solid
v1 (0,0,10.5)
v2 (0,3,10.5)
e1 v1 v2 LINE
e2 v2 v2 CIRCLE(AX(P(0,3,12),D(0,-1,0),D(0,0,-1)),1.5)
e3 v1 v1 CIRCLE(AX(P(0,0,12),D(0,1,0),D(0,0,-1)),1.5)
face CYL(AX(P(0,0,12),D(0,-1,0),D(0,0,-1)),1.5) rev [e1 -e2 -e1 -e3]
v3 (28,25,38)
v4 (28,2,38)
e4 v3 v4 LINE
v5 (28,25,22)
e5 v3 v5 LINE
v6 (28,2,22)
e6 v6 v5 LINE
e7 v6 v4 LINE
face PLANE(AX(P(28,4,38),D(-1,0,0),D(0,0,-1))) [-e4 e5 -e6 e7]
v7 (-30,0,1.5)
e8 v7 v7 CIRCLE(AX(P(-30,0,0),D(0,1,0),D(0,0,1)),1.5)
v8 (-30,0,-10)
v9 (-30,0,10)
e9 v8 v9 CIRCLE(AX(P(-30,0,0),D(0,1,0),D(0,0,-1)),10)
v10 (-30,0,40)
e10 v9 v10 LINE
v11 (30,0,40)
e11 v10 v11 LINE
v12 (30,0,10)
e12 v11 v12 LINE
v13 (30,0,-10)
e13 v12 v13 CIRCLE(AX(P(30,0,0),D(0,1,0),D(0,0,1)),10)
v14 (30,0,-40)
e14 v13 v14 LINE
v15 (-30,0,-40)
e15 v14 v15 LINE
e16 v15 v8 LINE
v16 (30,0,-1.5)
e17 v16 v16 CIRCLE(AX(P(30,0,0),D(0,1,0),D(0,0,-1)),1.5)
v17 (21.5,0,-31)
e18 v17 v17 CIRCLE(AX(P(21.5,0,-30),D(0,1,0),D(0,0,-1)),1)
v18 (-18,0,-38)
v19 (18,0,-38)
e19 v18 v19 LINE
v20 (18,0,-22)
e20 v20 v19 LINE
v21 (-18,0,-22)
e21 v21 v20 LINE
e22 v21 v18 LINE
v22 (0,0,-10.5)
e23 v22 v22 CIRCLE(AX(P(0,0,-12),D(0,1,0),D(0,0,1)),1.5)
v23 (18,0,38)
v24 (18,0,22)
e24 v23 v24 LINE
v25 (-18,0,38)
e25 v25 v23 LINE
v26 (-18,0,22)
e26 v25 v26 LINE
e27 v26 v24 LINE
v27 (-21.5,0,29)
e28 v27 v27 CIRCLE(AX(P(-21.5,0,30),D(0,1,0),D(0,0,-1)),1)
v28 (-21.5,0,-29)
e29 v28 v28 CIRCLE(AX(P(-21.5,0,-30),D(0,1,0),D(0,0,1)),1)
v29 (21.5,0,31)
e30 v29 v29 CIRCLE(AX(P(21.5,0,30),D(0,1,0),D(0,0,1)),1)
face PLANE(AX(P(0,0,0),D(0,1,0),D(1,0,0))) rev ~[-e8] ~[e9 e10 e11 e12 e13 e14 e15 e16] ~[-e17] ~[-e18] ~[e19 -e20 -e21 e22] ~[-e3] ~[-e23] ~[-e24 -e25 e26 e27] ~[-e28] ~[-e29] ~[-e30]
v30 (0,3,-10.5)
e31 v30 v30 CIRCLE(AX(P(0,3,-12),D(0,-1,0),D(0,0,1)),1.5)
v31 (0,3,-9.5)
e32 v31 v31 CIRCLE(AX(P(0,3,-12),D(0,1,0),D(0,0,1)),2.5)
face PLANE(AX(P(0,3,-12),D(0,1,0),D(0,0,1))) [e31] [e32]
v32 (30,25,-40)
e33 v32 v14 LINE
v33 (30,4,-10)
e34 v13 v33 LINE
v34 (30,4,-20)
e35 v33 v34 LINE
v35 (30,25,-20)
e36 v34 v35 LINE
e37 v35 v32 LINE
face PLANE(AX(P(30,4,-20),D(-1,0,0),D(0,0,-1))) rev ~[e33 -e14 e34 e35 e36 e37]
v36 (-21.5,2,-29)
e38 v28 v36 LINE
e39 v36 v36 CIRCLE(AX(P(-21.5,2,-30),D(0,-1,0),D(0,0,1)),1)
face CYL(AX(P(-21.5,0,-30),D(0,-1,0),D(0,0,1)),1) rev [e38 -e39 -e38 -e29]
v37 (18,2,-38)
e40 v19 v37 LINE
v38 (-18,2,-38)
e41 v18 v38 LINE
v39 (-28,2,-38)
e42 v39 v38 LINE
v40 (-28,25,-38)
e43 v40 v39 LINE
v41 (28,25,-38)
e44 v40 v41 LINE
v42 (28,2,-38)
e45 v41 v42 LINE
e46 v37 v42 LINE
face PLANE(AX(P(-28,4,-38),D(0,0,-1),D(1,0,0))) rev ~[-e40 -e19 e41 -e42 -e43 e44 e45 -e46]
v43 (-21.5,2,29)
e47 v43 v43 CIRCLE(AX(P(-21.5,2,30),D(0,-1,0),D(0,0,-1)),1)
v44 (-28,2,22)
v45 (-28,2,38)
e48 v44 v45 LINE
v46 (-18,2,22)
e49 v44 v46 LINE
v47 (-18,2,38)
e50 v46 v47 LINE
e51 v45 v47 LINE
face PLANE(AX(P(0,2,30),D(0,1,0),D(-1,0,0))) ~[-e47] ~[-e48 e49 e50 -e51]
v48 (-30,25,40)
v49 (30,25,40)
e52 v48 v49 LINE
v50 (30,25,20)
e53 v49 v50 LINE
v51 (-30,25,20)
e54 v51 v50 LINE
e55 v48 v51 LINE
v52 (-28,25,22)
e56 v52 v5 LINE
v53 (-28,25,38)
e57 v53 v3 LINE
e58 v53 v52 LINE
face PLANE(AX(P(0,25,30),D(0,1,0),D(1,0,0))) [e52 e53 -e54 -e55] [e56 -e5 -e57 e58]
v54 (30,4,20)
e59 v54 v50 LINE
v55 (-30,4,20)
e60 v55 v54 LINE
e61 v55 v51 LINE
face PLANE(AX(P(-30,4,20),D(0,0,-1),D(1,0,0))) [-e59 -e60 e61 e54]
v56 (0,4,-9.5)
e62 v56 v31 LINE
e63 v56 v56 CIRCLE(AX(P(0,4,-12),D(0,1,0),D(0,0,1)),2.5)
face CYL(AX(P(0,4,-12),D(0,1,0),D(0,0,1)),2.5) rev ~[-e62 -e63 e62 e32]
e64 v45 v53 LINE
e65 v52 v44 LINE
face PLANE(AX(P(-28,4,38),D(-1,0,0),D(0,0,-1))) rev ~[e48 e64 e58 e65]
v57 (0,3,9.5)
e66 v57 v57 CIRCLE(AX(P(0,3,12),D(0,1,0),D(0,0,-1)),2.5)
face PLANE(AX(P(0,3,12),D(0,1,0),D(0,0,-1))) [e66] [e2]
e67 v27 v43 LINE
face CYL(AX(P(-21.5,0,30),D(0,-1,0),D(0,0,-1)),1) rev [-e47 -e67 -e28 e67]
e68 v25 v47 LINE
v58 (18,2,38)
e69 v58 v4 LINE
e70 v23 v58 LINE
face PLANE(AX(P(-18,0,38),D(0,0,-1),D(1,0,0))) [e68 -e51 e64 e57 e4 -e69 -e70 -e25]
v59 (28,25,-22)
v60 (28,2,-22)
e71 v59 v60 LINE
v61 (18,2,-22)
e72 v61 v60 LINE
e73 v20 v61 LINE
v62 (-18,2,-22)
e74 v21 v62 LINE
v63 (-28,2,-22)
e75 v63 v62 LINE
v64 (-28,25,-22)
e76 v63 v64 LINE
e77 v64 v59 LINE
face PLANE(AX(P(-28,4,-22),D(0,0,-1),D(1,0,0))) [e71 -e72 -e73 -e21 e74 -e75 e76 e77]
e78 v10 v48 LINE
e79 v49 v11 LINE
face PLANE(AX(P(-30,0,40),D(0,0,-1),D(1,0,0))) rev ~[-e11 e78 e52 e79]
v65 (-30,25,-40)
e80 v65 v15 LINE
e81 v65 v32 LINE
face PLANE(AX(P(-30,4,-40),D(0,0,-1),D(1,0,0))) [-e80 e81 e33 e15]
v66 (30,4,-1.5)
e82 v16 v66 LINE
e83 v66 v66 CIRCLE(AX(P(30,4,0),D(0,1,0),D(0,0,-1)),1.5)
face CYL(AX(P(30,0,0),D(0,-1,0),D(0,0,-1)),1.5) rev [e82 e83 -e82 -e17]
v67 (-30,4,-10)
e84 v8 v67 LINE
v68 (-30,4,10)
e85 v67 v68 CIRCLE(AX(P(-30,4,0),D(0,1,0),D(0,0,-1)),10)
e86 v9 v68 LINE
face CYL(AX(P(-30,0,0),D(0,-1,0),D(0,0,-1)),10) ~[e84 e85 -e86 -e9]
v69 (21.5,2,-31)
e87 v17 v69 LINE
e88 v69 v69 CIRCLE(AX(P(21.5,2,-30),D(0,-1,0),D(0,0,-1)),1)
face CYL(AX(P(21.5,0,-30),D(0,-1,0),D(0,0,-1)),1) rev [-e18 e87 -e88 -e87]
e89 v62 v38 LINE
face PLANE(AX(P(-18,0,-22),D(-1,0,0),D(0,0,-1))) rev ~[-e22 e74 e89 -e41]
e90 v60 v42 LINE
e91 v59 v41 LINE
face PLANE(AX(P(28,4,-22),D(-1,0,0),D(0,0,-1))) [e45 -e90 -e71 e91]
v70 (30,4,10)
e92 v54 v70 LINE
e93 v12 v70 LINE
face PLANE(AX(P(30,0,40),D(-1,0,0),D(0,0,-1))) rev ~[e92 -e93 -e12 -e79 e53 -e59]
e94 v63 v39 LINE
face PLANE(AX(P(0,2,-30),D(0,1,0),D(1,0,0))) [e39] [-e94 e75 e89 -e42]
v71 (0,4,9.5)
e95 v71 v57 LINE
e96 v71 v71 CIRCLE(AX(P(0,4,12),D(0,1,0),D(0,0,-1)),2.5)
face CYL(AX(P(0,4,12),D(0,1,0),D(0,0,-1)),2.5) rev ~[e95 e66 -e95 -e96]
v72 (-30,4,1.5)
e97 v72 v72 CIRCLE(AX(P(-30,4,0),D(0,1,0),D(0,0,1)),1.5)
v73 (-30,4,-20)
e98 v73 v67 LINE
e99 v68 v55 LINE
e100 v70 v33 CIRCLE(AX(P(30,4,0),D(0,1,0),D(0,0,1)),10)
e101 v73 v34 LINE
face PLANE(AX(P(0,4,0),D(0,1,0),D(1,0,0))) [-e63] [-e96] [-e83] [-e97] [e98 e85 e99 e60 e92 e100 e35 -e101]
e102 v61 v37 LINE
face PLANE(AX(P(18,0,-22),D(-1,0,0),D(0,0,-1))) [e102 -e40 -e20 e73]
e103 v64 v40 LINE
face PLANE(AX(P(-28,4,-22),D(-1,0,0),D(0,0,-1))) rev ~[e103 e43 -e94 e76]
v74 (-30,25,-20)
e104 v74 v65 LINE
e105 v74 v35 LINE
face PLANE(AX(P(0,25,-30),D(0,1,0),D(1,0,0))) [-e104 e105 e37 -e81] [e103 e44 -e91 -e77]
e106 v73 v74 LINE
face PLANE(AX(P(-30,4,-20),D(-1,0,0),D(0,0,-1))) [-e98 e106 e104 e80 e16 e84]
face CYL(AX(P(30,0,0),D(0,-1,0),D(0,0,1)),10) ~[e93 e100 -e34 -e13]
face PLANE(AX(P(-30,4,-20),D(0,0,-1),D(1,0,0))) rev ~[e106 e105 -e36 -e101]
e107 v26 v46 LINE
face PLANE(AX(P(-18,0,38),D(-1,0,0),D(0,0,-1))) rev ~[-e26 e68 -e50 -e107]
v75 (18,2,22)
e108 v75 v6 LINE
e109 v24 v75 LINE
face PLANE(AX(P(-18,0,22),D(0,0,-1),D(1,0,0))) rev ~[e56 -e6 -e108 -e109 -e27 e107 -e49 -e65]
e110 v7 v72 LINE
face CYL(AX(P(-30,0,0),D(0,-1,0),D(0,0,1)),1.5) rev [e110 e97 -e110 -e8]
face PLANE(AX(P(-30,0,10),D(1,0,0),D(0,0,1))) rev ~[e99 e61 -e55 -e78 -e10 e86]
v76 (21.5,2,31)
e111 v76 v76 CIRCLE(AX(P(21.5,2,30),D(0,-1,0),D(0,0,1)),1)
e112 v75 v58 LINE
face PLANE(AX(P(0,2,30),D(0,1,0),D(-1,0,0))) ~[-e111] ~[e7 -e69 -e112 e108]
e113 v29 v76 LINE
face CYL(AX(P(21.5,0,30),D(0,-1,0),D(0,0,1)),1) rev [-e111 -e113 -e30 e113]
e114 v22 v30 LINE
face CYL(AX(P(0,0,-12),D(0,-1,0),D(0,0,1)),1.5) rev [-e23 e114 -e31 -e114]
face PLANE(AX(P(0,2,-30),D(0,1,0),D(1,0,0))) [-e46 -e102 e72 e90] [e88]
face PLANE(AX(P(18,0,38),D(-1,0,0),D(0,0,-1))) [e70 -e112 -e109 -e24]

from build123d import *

# Parameters (mm, degrees)
SKETCH1_R           = 1.5
SKETCH1_R_2         = 1
SKETCH1_W           = 36
SKETCH1_H           = 16
BOSS_EXTRUDE1_DEPTH = 4
SKETCH3_W           = 60
SKETCH3_H           = 20
SKETCH3_W_2         = 56
SKETCH3_H_2         = 16
BOSS_EXTRUDE2_DEPTH = 21
SKETCH4_R           = 2.5
CUT_EXTRUDE1_DEPTH  = 1
SKETCH5_W           = 56
SKETCH5_H           = 16
CUT_EXTRUDE2_DEPTH  = 23


with BuildPart() as part:
    # Sketch1 → Boss-Extrude1 (new body)
    with BuildSketch(Plane(origin=(0, 0, 0), x_dir=(1, 0, 0), z_dir=(0, 1, 0))):
        with BuildLine():
            Line((-30, -40), (30, -40))
            Line((30, -40), (30, -10))
            ThreePointArc((30, -10), (40, 0), (30, 10))
            Line((30, 10), (30, 40))
            Line((30, 40), (-30, 40))
            Line((-30, 40), (-30, 10))
            ThreePointArc((-30, 10), (-40, 0), (-30, -10))
            Line((-30, -10), (-30, -40))
        make_face()
        with Locations(Location((30, 0, 0), (0, 0, 90))):
            Circle(SKETCH1_R, mode=Mode.SUBTRACT)
        with Locations(Location((-30, 0, 0), (0, 0, 270))):
            Circle(SKETCH1_R, mode=Mode.SUBTRACT)
        with Locations(Location((0, 12, 0), (0, 0, 270))):
            Circle(SKETCH1_R, mode=Mode.SUBTRACT)
        with Locations(Location((0, -12, 0), (0, 0, 90))):
            Circle(SKETCH1_R, mode=Mode.SUBTRACT)
        with Locations(Location((-21.5, 30, 0), (0, 0, 270))):
            Circle(SKETCH1_R_2, mode=Mode.SUBTRACT)
        with Locations(Location((21.5, 30, 0), (0, 0, 90))):
            Circle(SKETCH1_R_2, mode=Mode.SUBTRACT)
        with Locations(Location((21.5, -30, 0), (0, 0, 270))):
            Circle(SKETCH1_R_2, mode=Mode.SUBTRACT)
        with Locations(Location((-21.5, -30, 0), (0, 0, 90))):
            Circle(SKETCH1_R_2, mode=Mode.SUBTRACT)
        with Locations((0, -30)):
            Rectangle(SKETCH1_W, SKETCH1_H, mode=Mode.SUBTRACT)
        with Locations((0, 30)):
            Rectangle(SKETCH1_W, SKETCH1_H, mode=Mode.SUBTRACT)
    extrude(amount=BOSS_EXTRUDE1_DEPTH)

    # Sketch3 → Boss-Extrude2 (add)
    # profile 1 of 2: a face of its own
    with BuildSketch(Plane(origin=(0, 4, 0), x_dir=(1, 0, 0), z_dir=(0, 1, 0))):
        with Locations((0, 30)):
            Rectangle(SKETCH3_W, SKETCH3_H)
        with Locations((0, 30)):
            Rectangle(SKETCH3_W_2, SKETCH3_H_2, mode=Mode.SUBTRACT)
    # profile 2 of 2: a face of its own
    with BuildSketch(Plane(origin=(0, 4, 0), x_dir=(1, 0, 0), z_dir=(0, 1, 0))):
        with Locations((0, -30)):
            Rectangle(SKETCH3_W, SKETCH3_H)
        with Locations((0, -30)):
            Rectangle(SKETCH3_W_2, SKETCH3_H_2, mode=Mode.SUBTRACT)
    extrude(amount=BOSS_EXTRUDE2_DEPTH)

    # Sketch4 → Cut-Extrude1 (cut)
    with BuildSketch(Plane(origin=(0, 4, 0), x_dir=(1, 0, 0), z_dir=(0, 1, 0))):
        with Locations(Location((0, 12, 0), (0, 0, 270))):
            Circle(SKETCH4_R)
        with Locations(Location((0, -12, 0), (0, 0, 90))):
            Circle(SKETCH4_R)
    extrude(amount=-CUT_EXTRUDE1_DEPTH, mode=Mode.SUBTRACT)

    # Sketch5 → Cut-Extrude2 (cut)
    with BuildSketch(Plane(origin=(0, 25, 0), x_dir=(1, 0, 0), z_dir=(0, 1, 0))):
        with Locations((0, 30)):
            Rectangle(SKETCH5_W, SKETCH5_H)
    cut_extrude2 = extrude(amount=-CUT_EXTRUDE2_DEPTH, mode=Mode.SUBTRACT)

    # Mirror1: Cut-Extrude2 across plane
    add(cut_extrude2.mirror(Plane.XY), mode=Mode.SUBTRACT)


solid = part.part
